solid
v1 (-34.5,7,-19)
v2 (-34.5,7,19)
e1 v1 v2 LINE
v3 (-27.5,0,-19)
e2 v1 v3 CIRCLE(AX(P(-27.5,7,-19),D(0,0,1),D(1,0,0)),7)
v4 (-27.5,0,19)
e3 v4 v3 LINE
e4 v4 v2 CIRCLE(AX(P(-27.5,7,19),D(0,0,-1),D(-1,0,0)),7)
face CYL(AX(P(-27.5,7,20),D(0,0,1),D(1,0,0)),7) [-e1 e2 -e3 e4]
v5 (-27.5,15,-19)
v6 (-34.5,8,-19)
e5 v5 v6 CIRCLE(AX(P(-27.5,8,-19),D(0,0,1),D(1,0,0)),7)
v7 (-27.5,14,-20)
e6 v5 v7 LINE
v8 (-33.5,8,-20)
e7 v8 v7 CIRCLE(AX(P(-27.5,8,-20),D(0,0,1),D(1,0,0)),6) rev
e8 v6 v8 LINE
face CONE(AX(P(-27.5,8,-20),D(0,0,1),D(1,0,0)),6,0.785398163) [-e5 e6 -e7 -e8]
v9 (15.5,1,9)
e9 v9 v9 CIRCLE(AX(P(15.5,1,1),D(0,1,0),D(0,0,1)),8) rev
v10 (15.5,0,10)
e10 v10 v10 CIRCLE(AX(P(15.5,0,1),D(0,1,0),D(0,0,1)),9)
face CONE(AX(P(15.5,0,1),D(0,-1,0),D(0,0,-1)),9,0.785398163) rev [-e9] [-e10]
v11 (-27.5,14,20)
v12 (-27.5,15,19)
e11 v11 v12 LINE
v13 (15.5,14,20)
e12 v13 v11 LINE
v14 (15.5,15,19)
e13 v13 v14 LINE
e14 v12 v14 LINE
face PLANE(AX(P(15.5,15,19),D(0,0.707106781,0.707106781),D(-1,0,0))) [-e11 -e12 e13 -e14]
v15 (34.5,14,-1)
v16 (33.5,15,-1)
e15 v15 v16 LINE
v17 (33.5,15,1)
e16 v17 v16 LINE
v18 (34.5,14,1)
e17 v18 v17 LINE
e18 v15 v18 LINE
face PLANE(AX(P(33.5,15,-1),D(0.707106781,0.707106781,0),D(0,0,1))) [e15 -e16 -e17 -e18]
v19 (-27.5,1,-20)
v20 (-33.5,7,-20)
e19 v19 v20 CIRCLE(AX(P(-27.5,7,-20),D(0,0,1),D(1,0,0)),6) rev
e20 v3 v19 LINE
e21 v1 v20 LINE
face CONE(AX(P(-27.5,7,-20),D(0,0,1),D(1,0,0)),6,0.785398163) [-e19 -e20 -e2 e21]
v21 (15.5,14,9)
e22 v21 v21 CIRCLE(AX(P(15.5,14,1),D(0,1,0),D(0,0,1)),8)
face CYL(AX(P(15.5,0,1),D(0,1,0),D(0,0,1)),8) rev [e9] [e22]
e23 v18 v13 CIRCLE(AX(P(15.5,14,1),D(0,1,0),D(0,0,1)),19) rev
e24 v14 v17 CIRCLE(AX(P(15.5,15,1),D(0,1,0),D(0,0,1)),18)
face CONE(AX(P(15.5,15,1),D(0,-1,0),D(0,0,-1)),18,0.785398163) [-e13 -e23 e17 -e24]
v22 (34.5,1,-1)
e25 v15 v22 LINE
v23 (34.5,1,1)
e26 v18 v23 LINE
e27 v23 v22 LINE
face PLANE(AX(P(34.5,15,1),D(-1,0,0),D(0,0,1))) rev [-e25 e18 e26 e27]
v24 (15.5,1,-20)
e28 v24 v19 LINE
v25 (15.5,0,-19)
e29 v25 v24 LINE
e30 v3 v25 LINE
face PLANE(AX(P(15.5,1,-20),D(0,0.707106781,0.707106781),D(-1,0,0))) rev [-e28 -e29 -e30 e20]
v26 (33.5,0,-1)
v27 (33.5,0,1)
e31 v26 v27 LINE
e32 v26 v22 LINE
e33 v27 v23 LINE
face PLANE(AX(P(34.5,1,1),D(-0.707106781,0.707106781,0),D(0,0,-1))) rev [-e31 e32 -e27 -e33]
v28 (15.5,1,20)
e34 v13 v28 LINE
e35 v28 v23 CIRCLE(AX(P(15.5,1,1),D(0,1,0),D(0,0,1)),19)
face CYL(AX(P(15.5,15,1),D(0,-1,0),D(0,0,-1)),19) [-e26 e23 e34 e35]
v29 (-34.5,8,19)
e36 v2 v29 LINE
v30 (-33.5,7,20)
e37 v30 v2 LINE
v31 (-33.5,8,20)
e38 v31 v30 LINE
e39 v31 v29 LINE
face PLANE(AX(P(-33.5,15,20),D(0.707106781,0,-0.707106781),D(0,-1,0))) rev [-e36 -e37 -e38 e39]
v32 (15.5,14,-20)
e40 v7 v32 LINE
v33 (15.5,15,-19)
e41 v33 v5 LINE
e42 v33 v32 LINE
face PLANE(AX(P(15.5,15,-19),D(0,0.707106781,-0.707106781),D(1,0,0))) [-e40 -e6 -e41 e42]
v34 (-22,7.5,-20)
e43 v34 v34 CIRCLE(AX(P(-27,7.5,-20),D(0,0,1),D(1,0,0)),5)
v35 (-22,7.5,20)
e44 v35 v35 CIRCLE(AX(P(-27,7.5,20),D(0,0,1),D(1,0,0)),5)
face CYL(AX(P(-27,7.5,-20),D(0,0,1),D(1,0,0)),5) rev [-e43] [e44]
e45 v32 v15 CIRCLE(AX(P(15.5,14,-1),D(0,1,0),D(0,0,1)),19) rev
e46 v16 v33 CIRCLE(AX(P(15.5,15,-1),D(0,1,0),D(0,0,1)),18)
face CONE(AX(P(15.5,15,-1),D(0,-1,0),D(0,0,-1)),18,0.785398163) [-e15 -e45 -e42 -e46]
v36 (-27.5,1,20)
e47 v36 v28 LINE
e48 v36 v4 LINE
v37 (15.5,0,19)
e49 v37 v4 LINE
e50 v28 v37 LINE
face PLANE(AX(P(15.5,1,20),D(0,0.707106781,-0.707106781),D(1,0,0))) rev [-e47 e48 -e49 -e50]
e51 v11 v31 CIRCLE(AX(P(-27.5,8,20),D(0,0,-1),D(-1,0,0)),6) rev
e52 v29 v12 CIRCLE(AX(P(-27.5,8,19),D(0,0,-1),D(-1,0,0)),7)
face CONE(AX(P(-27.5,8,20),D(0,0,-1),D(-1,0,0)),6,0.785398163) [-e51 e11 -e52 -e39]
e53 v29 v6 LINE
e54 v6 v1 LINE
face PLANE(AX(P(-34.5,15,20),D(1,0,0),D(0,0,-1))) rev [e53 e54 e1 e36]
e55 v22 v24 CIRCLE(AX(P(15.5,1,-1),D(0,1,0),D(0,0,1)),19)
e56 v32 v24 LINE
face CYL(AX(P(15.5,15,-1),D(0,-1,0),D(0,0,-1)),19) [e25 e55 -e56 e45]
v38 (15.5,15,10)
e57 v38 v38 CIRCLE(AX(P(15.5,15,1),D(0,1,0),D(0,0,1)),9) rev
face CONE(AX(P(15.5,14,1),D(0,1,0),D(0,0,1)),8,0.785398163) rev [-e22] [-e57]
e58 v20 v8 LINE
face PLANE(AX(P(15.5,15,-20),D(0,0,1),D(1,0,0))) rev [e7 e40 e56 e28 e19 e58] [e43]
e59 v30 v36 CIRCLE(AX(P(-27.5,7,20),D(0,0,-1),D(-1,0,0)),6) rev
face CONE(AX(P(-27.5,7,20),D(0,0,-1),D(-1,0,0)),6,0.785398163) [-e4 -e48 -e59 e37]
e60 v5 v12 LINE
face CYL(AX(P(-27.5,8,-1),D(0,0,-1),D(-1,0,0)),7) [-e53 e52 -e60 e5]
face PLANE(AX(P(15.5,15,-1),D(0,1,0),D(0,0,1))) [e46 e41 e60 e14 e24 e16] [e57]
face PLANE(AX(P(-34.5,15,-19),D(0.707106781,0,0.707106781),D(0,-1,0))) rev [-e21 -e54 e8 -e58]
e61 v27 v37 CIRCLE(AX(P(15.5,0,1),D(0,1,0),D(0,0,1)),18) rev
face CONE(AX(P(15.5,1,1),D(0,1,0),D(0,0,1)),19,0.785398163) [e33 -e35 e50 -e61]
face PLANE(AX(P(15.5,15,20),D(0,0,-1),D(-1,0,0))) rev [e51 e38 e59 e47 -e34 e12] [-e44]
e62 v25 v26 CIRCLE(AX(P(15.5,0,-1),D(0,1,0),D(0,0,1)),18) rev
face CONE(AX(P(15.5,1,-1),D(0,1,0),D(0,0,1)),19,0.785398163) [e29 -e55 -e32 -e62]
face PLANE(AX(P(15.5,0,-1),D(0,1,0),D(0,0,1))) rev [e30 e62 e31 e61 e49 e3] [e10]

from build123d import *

# Parameters (mm, degrees)
BOSS_EXTRUDE1_DEPTH = 15
SKETCH2_R           = 5
CUT_EXTRUDE1_DEPTH  = 41
FILLET1_R           = 7
SKETCH3_R           = 8
CUT_EXTRUDE2_DEPTH  = 16
CHAMFER1_SIZE       = 1


with BuildPart() as part:
    # Sketch1 → Boss-Extrude1 (new body)
    with BuildSketch(Plane(origin=(0, 0, 0), x_dir=(1, 0, 0), z_dir=(0, 1, 0))):
        with BuildLine():
            Line((15.5, -20), (-34.5, -20))
            Line((-34.5, -20), (-34.5, 20))
            Line((-34.5, 20), (15.5, 20))
            ThreePointArc((15.5, 20), (28.935028843, 14.435028843), (34.5, 1))
            Line((34.5, 1), (34.5, -1))
            ThreePointArc((34.5, -1), (28.935028843, -14.435028843), (15.5, -20))
        make_face()
    extrude(amount=BOSS_EXTRUDE1_DEPTH)

    # Sketch2 → Cut-Extrude1 (cut, through all)
    with BuildSketch(Plane.XY.offset(20)):
        with Locations((-27, 7.5)):
            Circle(SKETCH2_R)
    extrude(amount=-CUT_EXTRUDE1_DEPTH, mode=Mode.SUBTRACT)

    # Fillet1
    fillet1_edges = [part.edges().sort_by_distance(p)[0] for p in [
        (-34.5, 15, 0),
        (-34.5, 0, 0),
    ]]
    fillet(fillet1_edges, radius=FILLET1_R)

    # Sketch3 → Cut-Extrude2 (cut, through all)
    with BuildSketch(Plane(origin=(0, 15, 0), x_dir=(1, 0, 0), z_dir=(0, 1, 0))):
        with Locations((15.5, -1)):
            Circle(SKETCH3_R)
    extrude(amount=-CUT_EXTRUDE2_DEPTH, mode=Mode.SUBTRACT)

    # Chamfer1
    chamfer1_edges = [part.edges().sort_by_distance(p)[0] for p in [
        (28.935028843, 15, 14.435028843),
        (34.5, 15, 0),
        (28.935028843, 15, -14.435028843),
        (-6, 15, -20),
        (-34.5, 7.5, 20),
        (-34.5, 7.5, -20),
        (-6, 0, 20),
        (-6, 15, 20),
        (-32.449747468, 12.949747468, 20),
        (-32.449747468, 2.050252532, 20),
        (-32.449747468, 12.949747468, -20),
        (-32.449747468, 2.050252532, -20),
        (7.5, 0, 1),
        (7.5, 15, 1),
        (-6, 0, -20),
        (28.935028843, 0, -14.435028843),
        (34.5, 0, 0),
        (28.935028843, 0, 14.435028843),
    ]]
    chamfer(chamfer1_edges, length=CHAMFER1_SIZE)


solid = part.part
